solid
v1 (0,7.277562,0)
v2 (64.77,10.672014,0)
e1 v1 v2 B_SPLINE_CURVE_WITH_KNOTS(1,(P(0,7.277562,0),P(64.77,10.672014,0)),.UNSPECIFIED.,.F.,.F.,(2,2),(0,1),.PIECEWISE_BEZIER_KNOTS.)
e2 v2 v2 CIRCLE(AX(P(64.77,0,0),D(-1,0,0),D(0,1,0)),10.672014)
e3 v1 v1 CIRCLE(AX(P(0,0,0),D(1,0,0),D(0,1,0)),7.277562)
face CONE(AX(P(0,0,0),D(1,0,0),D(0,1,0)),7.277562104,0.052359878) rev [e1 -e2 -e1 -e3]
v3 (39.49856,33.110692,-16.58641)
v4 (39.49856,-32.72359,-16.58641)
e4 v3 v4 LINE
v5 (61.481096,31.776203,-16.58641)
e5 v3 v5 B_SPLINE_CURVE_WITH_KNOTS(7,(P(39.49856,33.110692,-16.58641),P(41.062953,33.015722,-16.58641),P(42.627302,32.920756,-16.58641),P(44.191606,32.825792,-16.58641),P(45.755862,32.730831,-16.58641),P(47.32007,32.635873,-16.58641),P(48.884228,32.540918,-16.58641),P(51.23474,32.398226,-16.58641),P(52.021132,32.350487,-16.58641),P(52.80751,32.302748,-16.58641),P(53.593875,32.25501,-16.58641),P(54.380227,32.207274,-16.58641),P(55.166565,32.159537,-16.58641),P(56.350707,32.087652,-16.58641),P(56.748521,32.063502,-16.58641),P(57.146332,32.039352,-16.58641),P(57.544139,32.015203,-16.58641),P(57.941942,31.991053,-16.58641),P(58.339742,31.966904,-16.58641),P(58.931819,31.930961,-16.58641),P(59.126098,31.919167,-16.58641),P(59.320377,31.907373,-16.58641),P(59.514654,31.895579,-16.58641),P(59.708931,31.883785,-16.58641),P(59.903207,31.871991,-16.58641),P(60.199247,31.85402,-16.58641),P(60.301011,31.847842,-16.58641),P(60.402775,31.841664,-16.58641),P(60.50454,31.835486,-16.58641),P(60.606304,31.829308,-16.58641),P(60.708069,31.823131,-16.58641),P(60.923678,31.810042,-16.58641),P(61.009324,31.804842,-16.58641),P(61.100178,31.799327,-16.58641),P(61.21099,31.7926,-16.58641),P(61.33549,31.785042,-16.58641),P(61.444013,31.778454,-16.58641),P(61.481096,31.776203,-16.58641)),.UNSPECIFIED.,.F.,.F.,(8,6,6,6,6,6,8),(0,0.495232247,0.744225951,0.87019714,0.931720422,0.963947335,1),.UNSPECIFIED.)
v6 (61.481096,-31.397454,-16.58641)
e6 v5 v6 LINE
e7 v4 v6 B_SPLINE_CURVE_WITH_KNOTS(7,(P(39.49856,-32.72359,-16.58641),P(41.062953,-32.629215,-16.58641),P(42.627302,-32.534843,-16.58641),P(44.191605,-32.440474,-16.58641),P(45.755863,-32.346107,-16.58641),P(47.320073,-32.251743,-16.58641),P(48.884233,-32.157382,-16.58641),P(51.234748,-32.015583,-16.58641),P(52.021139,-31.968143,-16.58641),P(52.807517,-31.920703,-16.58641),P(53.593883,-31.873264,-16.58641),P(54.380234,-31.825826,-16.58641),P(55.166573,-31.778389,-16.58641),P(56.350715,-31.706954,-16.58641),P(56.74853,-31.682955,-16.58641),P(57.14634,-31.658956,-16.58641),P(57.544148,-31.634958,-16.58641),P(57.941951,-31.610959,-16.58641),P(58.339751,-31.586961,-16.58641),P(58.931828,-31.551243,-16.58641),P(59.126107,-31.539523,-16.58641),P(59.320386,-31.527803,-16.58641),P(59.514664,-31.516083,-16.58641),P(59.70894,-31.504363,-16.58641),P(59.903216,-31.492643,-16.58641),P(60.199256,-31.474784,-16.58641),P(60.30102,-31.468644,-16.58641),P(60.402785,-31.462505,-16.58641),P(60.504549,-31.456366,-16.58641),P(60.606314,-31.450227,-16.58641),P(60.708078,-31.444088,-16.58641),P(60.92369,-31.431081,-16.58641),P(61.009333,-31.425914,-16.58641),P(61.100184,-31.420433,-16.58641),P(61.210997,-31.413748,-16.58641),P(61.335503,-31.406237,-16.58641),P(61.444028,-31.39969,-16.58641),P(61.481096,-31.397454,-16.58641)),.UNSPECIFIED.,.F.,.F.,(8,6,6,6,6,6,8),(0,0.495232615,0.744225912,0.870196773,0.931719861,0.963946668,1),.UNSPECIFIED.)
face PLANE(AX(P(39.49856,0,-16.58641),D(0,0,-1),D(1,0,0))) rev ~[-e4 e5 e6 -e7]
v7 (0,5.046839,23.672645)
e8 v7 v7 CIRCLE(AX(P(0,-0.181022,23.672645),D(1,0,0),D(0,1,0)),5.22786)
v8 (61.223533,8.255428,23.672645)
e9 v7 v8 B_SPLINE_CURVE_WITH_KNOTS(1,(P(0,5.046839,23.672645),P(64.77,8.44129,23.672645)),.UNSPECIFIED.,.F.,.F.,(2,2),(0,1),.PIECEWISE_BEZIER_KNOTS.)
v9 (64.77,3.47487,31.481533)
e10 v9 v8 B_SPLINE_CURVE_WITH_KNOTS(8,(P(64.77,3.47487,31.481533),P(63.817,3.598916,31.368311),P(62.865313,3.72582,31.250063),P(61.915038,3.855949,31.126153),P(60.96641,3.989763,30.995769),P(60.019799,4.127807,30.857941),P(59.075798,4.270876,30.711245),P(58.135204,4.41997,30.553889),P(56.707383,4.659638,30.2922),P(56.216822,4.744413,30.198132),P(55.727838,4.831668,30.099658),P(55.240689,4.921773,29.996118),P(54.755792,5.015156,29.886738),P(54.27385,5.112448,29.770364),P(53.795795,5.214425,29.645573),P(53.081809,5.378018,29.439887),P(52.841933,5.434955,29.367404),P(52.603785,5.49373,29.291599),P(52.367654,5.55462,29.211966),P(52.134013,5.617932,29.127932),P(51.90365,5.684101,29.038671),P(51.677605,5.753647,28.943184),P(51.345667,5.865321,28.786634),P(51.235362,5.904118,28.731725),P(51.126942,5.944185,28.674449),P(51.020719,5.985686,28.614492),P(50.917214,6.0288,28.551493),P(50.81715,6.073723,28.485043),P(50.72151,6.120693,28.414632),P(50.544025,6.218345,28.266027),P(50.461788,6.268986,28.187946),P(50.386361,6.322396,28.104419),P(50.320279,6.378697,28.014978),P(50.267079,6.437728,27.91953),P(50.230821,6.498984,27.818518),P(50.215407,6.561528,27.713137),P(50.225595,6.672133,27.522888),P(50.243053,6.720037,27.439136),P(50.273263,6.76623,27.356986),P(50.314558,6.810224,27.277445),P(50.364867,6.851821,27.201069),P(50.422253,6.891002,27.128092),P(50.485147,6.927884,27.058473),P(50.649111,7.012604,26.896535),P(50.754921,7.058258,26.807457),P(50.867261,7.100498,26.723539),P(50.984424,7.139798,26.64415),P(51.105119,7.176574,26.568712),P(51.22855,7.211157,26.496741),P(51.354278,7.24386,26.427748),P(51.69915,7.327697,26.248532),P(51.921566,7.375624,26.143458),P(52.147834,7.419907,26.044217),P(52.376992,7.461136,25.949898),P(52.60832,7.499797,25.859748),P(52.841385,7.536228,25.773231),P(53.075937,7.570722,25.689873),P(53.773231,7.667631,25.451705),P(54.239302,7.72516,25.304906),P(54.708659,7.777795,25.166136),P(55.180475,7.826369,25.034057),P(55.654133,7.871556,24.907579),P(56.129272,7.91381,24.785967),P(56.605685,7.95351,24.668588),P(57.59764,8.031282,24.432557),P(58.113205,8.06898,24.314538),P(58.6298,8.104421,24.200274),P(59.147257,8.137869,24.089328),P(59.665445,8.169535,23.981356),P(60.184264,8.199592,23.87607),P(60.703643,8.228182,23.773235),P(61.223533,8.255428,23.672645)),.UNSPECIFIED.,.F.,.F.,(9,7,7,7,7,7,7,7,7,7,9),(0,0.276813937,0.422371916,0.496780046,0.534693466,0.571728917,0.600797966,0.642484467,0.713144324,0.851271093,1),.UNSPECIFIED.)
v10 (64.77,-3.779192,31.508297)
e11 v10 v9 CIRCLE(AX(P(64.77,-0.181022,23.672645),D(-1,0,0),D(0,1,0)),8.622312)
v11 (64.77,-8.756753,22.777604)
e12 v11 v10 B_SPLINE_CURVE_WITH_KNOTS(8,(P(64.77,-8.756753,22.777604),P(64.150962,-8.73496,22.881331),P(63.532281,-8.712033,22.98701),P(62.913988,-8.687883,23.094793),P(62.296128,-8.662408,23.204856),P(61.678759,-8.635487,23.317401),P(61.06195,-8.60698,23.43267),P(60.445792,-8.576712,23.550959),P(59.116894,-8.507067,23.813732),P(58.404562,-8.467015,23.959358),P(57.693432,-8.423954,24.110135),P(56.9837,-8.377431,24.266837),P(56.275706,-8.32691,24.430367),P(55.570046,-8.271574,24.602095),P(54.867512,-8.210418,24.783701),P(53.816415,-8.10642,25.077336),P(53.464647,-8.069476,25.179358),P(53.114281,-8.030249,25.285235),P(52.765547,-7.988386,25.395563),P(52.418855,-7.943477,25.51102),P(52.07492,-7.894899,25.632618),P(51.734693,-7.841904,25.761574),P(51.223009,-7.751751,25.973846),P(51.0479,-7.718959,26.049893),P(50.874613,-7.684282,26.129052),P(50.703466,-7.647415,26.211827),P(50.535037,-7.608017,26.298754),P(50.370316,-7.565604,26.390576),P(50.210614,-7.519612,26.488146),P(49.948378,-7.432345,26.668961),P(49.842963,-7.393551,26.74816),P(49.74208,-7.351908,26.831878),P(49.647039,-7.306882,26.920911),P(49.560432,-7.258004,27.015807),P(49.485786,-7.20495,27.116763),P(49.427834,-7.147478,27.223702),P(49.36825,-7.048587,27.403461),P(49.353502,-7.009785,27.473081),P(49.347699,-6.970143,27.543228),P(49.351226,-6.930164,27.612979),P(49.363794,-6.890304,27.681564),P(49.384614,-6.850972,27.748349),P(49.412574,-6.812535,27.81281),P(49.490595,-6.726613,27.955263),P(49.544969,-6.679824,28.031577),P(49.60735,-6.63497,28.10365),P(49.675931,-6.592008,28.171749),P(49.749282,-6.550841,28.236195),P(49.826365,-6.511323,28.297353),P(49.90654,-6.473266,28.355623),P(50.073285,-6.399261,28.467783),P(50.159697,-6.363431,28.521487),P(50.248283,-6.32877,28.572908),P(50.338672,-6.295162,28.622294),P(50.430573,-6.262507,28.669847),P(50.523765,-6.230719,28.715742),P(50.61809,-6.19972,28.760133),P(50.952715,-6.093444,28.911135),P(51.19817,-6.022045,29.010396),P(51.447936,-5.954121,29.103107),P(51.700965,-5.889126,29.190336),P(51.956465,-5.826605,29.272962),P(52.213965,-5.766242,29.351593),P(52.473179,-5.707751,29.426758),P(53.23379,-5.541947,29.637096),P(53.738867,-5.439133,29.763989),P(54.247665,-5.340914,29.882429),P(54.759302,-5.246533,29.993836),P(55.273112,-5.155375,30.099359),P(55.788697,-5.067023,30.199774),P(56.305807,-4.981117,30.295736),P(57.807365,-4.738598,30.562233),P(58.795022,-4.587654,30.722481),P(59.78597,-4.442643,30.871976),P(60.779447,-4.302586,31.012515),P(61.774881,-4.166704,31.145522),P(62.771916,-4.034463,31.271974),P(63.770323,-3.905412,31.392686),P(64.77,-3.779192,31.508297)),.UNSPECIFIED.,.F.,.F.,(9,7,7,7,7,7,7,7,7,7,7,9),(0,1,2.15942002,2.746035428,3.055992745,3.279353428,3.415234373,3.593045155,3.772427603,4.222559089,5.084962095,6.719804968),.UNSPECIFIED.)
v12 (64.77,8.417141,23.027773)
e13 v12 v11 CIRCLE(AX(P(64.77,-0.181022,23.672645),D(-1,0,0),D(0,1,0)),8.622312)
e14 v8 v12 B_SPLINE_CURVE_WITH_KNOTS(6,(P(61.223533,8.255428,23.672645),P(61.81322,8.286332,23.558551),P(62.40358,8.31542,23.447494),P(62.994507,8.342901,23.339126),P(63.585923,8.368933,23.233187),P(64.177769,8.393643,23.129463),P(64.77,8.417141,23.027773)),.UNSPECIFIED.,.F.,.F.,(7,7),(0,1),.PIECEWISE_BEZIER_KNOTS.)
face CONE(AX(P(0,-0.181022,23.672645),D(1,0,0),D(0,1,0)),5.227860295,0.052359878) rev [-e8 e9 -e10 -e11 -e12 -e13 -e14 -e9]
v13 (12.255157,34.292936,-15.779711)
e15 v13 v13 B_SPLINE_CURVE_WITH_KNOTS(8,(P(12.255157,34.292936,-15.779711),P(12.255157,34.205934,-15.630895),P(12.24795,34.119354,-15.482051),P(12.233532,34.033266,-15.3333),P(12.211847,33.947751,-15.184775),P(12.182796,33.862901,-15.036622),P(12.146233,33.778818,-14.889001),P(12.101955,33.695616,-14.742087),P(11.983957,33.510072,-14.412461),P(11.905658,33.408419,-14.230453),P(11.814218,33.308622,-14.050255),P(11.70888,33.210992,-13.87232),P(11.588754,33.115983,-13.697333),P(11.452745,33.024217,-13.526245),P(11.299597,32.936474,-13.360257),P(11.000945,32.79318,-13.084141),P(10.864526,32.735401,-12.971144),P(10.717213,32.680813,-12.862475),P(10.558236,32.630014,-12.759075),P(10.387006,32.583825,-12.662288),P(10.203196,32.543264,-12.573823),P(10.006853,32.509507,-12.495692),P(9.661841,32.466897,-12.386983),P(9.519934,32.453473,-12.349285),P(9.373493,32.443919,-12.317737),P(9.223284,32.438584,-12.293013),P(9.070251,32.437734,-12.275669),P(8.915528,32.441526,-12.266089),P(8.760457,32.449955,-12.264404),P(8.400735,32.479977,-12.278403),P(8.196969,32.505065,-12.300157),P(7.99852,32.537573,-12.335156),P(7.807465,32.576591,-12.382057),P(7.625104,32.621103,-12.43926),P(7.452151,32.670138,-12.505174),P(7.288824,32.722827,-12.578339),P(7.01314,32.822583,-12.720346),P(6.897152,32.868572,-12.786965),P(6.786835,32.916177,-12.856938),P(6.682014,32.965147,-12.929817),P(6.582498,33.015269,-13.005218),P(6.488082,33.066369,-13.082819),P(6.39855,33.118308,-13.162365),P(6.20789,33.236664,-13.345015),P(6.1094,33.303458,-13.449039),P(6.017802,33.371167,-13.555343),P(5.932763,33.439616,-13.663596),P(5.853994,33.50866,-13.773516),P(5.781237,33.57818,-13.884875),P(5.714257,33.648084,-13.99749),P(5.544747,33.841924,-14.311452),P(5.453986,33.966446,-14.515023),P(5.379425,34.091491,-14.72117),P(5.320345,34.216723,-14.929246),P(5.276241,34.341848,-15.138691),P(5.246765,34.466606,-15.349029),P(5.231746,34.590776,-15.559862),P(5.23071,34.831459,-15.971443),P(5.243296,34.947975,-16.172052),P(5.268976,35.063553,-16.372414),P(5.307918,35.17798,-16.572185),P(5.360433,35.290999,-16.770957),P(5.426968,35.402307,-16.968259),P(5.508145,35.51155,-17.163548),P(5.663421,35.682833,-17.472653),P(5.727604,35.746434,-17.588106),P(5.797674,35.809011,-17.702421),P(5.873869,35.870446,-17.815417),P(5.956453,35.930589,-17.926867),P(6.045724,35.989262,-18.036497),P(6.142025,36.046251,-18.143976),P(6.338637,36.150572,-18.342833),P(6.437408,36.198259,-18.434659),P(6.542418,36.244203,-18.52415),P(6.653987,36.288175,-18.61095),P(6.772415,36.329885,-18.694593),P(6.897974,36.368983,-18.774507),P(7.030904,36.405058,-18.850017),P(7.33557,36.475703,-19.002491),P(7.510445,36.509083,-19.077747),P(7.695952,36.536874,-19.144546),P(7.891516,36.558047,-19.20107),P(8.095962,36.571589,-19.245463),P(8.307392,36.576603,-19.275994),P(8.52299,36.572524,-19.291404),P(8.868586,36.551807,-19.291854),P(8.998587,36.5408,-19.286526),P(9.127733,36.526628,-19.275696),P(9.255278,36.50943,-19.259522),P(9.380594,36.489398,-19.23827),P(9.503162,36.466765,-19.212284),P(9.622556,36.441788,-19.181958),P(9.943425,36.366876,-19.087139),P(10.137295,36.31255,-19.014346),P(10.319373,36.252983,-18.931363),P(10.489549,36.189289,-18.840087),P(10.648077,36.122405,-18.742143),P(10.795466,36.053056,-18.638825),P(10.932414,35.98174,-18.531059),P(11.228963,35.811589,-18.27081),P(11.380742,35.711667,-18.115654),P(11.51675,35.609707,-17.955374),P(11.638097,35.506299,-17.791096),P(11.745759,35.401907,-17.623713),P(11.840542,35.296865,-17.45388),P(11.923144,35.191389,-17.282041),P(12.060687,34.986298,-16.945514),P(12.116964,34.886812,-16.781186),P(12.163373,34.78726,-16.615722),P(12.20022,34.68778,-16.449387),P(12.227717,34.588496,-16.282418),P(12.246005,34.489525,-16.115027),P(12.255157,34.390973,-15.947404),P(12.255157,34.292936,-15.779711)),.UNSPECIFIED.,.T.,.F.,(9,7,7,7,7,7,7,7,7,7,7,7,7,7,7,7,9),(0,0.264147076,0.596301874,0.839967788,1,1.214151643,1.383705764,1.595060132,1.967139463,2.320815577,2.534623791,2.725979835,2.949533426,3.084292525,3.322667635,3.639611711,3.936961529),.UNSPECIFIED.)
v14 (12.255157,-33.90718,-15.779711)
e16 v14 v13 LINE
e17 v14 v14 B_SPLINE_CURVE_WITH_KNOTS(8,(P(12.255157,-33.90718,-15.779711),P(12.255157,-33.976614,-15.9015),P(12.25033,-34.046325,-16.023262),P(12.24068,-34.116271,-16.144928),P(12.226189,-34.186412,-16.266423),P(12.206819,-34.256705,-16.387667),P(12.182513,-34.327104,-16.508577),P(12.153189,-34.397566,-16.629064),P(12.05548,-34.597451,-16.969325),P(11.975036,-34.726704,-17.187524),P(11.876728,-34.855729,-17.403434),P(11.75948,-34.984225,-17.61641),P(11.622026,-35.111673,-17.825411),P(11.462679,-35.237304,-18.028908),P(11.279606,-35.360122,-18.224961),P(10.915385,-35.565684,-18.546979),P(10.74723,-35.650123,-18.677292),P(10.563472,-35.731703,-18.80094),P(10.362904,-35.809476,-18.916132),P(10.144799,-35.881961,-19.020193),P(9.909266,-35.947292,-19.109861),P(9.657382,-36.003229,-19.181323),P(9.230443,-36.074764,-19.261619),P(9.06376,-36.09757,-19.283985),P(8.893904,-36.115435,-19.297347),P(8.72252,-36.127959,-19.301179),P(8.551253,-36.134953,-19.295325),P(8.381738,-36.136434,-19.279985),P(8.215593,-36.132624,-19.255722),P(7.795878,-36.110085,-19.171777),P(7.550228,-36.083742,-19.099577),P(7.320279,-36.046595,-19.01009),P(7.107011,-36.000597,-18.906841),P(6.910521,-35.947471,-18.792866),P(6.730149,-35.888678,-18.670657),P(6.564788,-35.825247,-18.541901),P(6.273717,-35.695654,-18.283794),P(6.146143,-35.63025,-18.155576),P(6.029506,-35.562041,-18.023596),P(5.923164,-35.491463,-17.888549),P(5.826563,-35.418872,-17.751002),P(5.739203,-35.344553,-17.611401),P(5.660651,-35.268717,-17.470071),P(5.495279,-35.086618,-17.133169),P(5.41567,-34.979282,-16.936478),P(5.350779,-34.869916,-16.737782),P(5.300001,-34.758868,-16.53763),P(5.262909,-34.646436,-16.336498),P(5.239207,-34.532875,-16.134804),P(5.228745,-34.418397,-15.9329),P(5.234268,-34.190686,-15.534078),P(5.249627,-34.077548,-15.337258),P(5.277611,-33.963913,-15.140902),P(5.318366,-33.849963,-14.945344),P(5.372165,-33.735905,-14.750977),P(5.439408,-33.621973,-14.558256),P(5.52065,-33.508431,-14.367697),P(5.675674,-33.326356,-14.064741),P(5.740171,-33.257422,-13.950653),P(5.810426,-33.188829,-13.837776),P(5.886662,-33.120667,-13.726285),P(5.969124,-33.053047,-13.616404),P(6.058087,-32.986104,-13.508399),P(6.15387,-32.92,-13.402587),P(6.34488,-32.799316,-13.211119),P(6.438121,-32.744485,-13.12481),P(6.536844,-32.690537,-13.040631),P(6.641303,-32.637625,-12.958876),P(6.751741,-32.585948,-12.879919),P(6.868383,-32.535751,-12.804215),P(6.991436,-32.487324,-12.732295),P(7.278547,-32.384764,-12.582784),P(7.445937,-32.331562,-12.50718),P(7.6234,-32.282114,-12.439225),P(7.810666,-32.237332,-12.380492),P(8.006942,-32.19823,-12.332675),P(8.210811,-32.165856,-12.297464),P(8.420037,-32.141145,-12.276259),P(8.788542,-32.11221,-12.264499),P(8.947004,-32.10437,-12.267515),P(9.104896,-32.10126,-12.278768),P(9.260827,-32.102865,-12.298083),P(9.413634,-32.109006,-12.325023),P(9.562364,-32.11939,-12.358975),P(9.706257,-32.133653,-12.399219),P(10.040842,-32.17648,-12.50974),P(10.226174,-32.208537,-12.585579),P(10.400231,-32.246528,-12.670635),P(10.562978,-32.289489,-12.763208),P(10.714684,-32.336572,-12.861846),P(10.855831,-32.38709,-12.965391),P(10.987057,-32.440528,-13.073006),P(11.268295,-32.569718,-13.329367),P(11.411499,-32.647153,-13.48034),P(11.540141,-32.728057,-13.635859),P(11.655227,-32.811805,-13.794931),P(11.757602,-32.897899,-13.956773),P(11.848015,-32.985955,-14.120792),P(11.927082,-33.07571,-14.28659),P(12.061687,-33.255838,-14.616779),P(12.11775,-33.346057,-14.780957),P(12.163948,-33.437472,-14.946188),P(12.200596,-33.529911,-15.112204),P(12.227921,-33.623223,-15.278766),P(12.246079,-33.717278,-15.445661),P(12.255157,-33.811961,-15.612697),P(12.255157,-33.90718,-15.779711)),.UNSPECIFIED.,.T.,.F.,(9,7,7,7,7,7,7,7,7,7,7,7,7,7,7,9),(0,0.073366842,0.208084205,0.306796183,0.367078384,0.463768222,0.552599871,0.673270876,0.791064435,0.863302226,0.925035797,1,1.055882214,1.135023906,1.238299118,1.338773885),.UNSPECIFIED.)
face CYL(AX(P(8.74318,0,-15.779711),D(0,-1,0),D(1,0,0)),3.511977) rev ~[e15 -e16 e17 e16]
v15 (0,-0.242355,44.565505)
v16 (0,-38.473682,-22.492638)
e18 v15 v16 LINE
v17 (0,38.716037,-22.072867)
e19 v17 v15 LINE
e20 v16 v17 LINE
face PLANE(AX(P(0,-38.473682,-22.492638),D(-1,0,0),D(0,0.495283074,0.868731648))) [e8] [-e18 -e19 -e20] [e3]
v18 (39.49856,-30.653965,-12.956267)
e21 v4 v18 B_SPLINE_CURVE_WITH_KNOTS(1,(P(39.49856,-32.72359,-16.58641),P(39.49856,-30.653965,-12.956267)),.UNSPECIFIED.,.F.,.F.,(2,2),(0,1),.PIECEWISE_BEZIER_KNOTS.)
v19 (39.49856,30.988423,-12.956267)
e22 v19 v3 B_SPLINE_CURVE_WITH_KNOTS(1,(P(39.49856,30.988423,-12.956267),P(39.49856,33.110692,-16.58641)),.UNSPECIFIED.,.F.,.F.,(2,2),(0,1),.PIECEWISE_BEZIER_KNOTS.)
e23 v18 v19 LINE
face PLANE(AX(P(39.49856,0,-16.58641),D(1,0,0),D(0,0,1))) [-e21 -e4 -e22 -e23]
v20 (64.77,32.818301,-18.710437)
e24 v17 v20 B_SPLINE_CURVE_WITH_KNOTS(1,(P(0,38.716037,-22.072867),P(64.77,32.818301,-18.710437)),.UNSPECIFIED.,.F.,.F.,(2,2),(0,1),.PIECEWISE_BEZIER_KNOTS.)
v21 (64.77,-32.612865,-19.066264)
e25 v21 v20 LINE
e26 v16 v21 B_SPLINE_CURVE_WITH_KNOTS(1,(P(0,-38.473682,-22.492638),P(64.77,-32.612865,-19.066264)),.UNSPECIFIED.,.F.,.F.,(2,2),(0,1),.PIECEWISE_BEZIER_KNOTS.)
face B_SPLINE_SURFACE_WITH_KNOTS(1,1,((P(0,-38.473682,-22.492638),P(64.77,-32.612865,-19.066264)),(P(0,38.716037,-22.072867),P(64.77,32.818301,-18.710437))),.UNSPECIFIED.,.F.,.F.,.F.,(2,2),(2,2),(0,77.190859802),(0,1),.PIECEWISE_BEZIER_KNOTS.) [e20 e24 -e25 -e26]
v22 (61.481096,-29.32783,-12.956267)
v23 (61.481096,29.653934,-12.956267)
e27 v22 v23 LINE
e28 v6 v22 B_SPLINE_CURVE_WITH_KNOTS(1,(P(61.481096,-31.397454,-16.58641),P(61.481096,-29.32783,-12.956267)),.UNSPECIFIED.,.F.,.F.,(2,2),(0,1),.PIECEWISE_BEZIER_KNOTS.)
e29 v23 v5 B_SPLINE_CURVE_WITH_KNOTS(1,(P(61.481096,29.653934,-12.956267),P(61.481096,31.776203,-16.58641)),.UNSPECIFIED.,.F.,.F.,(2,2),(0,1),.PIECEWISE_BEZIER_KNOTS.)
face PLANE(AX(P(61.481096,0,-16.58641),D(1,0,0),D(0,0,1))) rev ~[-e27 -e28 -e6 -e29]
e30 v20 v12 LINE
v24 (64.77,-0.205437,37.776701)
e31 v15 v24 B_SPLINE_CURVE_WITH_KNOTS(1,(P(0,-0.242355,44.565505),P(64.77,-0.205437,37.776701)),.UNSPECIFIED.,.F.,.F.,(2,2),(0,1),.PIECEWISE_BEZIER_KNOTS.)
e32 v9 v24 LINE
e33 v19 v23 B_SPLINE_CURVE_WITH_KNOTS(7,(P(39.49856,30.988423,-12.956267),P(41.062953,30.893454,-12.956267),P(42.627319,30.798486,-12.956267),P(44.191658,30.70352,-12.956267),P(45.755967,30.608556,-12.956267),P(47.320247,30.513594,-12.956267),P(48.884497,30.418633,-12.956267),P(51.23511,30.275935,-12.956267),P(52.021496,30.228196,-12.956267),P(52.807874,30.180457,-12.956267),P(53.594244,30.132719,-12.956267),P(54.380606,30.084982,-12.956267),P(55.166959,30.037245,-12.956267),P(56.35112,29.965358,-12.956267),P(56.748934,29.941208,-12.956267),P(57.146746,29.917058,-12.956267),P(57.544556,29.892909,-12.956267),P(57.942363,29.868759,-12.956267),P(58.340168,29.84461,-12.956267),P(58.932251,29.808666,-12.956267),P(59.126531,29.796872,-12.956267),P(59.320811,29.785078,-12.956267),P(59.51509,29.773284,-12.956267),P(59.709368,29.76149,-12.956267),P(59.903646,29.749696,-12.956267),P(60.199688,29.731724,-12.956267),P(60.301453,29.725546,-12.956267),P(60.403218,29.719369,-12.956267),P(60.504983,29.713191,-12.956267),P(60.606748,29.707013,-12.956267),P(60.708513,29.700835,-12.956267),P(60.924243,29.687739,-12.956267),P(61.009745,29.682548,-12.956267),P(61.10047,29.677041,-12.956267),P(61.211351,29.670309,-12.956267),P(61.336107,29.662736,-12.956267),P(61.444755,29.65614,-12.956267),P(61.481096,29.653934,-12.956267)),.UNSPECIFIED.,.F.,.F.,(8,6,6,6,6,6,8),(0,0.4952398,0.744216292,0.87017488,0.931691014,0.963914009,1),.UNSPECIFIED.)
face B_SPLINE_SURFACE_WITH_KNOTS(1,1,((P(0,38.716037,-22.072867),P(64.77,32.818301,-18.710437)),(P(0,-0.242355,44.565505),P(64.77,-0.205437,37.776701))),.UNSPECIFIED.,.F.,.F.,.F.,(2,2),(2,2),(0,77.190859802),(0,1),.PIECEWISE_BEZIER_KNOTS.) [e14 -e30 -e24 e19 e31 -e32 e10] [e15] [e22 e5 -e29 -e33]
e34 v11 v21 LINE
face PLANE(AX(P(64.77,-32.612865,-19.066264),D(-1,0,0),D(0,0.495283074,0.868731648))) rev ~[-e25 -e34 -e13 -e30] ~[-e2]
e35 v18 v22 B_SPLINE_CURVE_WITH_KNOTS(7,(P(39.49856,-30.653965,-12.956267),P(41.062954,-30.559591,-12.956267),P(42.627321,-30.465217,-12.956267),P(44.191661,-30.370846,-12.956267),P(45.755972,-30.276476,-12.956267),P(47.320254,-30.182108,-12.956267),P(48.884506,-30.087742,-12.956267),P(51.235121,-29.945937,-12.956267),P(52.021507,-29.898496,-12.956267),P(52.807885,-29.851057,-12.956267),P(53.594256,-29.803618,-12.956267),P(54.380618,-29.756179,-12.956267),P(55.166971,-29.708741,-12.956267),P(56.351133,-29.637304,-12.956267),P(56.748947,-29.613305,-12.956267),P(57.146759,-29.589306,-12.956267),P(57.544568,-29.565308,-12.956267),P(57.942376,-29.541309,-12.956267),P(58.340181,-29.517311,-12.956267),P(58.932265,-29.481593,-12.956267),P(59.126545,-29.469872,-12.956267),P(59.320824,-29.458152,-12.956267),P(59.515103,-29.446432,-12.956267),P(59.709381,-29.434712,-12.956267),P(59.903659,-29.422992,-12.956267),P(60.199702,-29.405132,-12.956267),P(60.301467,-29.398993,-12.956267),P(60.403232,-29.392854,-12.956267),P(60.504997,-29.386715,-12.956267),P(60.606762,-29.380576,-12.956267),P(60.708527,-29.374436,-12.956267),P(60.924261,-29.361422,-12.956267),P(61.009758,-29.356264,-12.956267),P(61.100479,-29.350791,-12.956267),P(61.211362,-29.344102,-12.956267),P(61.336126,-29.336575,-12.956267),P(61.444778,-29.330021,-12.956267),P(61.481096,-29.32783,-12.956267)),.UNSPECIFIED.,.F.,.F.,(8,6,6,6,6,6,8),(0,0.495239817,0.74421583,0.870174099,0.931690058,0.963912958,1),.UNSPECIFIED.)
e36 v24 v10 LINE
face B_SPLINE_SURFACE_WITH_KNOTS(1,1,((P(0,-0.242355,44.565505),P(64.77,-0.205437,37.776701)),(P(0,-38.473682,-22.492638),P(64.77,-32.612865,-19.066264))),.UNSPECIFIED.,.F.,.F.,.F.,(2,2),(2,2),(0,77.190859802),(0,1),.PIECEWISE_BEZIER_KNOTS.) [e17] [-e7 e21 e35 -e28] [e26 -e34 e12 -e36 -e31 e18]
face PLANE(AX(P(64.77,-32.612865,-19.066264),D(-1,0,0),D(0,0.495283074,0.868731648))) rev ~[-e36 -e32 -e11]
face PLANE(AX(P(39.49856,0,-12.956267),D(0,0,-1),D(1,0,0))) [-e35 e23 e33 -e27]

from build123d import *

# Parameters (mm, degrees)
F0_R     = 7.2775621041
F0_R_2   = 5.2278602948
F1_DEPTH = 64.77
F1_TAPER = 3
F2_R     = 3.5119766257
F2_W     = 21.9825357199
F2_H     = 3.6301426589
F3_DEPTH = 60.452


with BuildPart() as f1:
    # F0 (on Right) → F1 (new body)
    with BuildSketch(Plane.YZ):
        Polygon((-38.4736815876, -22.492638146), (38.7160368264, -22.072866559), (-0.2423552387, 44.565504705), align=None)
        Circle(F0_R, mode=Mode.SUBTRACT)
        with Locations((-0.18102175, 23.6726454438)):
            Circle(F0_R_2, mode=Mode.SUBTRACT)
    extrude(amount=F1_DEPTH, taper=F1_TAPER)

    # F2 (on Front) → F3 (cut, symmetric)
    with BuildSketch(Plane.XZ):
        with Locations((8.743179962, -15.7797113061)):
            Circle(F2_R)
        with Locations((50.4898279905, -14.7713385522)):
            Rectangle(F2_W, F2_H)
    extrude(amount=F3_DEPTH, both=True, mode=Mode.SUBTRACT)


solid = f1.part
